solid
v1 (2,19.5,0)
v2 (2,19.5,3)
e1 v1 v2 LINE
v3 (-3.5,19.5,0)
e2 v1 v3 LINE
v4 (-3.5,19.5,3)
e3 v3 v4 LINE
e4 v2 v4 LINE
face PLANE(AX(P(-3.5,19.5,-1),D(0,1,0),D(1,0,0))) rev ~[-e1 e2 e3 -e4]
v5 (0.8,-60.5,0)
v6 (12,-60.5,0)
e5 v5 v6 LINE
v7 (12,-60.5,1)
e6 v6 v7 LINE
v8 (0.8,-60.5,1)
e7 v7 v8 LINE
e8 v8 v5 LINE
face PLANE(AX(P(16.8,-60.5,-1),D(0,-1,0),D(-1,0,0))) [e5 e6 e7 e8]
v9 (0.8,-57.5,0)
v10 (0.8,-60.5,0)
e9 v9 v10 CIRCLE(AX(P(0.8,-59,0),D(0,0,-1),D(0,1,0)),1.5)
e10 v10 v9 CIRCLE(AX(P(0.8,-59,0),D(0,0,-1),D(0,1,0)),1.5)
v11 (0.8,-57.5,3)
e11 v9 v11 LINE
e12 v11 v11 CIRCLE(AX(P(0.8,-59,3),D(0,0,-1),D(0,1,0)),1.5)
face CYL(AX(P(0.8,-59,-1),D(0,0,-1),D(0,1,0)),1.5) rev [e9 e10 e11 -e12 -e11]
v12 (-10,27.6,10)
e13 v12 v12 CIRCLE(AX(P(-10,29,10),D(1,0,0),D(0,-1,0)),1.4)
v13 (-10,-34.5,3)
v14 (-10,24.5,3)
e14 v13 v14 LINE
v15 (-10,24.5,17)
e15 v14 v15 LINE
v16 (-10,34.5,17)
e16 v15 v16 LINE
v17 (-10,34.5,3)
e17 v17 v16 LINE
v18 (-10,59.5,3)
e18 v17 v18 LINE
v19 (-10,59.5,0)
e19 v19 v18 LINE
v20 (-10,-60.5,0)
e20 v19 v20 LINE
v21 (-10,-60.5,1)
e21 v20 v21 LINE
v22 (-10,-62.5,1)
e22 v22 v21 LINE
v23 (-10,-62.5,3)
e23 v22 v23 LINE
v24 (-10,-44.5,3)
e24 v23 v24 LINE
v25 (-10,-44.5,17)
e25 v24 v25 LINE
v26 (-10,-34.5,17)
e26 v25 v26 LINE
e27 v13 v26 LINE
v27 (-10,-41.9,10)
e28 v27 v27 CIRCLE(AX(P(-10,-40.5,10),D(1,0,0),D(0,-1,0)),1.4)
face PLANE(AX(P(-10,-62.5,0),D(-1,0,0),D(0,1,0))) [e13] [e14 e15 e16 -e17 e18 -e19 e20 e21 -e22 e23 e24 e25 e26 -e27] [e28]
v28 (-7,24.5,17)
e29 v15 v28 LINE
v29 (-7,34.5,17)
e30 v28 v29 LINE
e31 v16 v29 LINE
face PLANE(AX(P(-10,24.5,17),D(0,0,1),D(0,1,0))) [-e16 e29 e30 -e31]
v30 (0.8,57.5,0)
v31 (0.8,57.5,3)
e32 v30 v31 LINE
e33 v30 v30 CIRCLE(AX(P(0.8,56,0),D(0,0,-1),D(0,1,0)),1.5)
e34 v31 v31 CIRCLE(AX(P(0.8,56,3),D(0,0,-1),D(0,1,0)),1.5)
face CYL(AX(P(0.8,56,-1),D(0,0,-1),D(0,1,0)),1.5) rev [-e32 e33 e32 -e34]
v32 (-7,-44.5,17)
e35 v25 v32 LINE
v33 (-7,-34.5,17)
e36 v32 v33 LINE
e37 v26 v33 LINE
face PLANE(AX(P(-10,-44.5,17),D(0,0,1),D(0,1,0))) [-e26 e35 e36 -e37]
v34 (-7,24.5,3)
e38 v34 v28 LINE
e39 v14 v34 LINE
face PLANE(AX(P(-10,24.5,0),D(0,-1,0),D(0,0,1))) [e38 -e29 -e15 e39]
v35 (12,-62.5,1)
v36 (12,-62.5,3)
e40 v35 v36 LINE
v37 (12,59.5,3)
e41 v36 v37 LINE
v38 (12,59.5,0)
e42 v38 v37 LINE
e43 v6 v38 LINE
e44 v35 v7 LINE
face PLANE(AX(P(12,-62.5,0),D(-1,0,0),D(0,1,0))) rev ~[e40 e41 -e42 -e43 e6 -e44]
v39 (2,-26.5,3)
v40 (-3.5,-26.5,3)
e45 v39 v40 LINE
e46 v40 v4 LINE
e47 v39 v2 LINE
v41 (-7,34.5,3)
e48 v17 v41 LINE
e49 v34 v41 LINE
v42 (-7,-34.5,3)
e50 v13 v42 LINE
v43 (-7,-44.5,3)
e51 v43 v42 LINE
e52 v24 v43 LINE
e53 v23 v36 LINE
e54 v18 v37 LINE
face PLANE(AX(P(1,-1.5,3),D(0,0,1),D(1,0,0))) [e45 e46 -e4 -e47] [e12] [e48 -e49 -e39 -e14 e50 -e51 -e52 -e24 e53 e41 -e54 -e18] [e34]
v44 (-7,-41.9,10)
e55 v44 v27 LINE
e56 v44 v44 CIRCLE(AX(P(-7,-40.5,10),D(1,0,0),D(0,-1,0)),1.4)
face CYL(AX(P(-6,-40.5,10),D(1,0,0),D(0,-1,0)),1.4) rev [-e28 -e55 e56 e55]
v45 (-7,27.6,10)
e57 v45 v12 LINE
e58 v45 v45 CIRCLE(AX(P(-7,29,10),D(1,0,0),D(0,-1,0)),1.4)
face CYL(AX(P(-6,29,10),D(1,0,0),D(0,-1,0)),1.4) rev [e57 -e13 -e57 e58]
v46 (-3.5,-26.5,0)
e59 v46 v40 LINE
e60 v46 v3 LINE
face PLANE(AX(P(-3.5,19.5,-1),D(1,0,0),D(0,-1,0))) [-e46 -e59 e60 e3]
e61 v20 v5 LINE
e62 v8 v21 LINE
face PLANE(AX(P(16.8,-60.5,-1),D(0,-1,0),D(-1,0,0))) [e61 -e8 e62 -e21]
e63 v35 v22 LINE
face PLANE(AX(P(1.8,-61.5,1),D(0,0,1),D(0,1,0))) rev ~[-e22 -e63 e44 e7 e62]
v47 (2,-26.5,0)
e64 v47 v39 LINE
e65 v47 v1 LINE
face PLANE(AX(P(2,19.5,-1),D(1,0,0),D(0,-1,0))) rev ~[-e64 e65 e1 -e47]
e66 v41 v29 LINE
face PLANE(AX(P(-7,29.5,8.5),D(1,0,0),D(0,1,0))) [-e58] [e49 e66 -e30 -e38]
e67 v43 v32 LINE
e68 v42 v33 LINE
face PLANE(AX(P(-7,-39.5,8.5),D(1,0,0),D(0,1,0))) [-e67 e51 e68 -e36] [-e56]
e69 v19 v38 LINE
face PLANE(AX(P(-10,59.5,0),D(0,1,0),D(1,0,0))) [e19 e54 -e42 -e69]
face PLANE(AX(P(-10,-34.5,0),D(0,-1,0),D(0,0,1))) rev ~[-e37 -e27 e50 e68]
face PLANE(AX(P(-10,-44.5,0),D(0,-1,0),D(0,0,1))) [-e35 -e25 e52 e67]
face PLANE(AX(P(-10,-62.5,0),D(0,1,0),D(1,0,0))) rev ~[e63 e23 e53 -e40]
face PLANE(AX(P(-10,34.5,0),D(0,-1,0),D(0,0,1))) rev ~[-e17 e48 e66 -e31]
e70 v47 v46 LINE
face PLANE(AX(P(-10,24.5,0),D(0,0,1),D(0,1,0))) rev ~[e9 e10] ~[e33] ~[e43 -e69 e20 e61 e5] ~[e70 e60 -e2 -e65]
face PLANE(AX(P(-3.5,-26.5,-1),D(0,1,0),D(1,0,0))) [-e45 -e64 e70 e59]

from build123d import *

# Parameters (mm, degrees)
BOX_W             = 22
BOX_H             = 122
BOX_DEPTH         = 3
BOX001_W          = 10
BOX001_H          = 17
BOX001_DEPTH      = 3
BOX002_W          = 10
BOX002_H          = 17
BOX002_DEPTH      = 3
BOX003_W          = 46
BOX003_H          = 5.5
BOX003_DEPTH      = 5
CYLINDER002_R     = 1.5
CYLINDER002_DEPTH = 5
CYLINDER003_R     = 1.5
CYLINDER003_DEPTH = 5
BOX004_W          = 2
BOX004_H          = 30
BOX004_DEPTH      = 2
CYLINDER_R        = 1.4
CYLINDER_DEPTH    = 5
CYLINDER004_R     = 1.4
CYLINDER004_DEPTH = 5


with BuildPart() as part:
    # Box → Box (join)
    with BuildSketch(Plane(origin=(-10, -62.5, 0), x_dir=(1, 0, 0), z_dir=(0, 0, 1))):
        with Locations((11, 61)):
            Rectangle(BOX_W, BOX_H)
    extrude(amount=BOX_DEPTH)

    # Box001 → Box001 (join)
    with BuildSketch(Plane(origin=(-10, -44.5, 0), x_dir=(0, 1, 0), z_dir=(1, 0, 0))):
        with Locations((5, 8.5)):
            Rectangle(BOX001_W, BOX001_H)
    extrude(amount=BOX001_DEPTH)

    # Box002 → Box002 (join)
    with BuildSketch(Plane(origin=(-10, 24.5, 0), x_dir=(0, 1, 0), z_dir=(1, 0, 0))):
        with Locations((5, 8.5)):
            Rectangle(BOX002_W, BOX002_H)
    extrude(amount=BOX002_DEPTH)

    # Box003 → Box003 (cut)
    with BuildSketch(Plane(origin=(-3.5, 19.5, -1), x_dir=(0, -1, 0), z_dir=(0, 0, 1))):
        with Locations((23, 2.75)):
            Rectangle(BOX003_W, BOX003_H)
    extrude(amount=BOX003_DEPTH, mode=Mode.SUBTRACT)

    # Cylinder002 → Cylinder002 (cut)
    with BuildSketch(Plane(origin=(0.8, -59, -1), x_dir=(0, 1, 0), z_dir=(0, 0, 1))):
        Circle(CYLINDER002_R)
    extrude(amount=CYLINDER002_DEPTH, mode=Mode.SUBTRACT)

    # Cylinder003 → Cylinder003 (cut)
    with BuildSketch(Plane(origin=(0.8, 56, -1), x_dir=(0, 1, 0), z_dir=(0, 0, 1))):
        Circle(CYLINDER003_R)
    extrude(amount=CYLINDER003_DEPTH, mode=Mode.SUBTRACT)

    # Box004 → Box004 (cut)
    with BuildSketch(Plane(origin=(16.8, -62.5, -1), x_dir=(0, 1, 0), z_dir=(0, 0, 1))):
        with Locations((1, 15)):
            Rectangle(BOX004_W, BOX004_H)
    extrude(amount=BOX004_DEPTH, mode=Mode.SUBTRACT)

    # Cylinder → Cylinder (cut)
    with BuildSketch(Plane(origin=(-6, -40.5, 10), x_dir=(0, -1, 0), z_dir=(-1, 0, 0))):
        Circle(CYLINDER_R)
    extrude(amount=CYLINDER_DEPTH, mode=Mode.SUBTRACT)

    # Cylinder004 → Cylinder004 (cut)
    with BuildSketch(Plane(origin=(-6, 29, 10), x_dir=(0, -1, 0), z_dir=(-1, 0, 0))):
        Circle(CYLINDER004_R)
    extrude(amount=CYLINDER004_DEPTH, mode=Mode.SUBTRACT)


solid = part.part
